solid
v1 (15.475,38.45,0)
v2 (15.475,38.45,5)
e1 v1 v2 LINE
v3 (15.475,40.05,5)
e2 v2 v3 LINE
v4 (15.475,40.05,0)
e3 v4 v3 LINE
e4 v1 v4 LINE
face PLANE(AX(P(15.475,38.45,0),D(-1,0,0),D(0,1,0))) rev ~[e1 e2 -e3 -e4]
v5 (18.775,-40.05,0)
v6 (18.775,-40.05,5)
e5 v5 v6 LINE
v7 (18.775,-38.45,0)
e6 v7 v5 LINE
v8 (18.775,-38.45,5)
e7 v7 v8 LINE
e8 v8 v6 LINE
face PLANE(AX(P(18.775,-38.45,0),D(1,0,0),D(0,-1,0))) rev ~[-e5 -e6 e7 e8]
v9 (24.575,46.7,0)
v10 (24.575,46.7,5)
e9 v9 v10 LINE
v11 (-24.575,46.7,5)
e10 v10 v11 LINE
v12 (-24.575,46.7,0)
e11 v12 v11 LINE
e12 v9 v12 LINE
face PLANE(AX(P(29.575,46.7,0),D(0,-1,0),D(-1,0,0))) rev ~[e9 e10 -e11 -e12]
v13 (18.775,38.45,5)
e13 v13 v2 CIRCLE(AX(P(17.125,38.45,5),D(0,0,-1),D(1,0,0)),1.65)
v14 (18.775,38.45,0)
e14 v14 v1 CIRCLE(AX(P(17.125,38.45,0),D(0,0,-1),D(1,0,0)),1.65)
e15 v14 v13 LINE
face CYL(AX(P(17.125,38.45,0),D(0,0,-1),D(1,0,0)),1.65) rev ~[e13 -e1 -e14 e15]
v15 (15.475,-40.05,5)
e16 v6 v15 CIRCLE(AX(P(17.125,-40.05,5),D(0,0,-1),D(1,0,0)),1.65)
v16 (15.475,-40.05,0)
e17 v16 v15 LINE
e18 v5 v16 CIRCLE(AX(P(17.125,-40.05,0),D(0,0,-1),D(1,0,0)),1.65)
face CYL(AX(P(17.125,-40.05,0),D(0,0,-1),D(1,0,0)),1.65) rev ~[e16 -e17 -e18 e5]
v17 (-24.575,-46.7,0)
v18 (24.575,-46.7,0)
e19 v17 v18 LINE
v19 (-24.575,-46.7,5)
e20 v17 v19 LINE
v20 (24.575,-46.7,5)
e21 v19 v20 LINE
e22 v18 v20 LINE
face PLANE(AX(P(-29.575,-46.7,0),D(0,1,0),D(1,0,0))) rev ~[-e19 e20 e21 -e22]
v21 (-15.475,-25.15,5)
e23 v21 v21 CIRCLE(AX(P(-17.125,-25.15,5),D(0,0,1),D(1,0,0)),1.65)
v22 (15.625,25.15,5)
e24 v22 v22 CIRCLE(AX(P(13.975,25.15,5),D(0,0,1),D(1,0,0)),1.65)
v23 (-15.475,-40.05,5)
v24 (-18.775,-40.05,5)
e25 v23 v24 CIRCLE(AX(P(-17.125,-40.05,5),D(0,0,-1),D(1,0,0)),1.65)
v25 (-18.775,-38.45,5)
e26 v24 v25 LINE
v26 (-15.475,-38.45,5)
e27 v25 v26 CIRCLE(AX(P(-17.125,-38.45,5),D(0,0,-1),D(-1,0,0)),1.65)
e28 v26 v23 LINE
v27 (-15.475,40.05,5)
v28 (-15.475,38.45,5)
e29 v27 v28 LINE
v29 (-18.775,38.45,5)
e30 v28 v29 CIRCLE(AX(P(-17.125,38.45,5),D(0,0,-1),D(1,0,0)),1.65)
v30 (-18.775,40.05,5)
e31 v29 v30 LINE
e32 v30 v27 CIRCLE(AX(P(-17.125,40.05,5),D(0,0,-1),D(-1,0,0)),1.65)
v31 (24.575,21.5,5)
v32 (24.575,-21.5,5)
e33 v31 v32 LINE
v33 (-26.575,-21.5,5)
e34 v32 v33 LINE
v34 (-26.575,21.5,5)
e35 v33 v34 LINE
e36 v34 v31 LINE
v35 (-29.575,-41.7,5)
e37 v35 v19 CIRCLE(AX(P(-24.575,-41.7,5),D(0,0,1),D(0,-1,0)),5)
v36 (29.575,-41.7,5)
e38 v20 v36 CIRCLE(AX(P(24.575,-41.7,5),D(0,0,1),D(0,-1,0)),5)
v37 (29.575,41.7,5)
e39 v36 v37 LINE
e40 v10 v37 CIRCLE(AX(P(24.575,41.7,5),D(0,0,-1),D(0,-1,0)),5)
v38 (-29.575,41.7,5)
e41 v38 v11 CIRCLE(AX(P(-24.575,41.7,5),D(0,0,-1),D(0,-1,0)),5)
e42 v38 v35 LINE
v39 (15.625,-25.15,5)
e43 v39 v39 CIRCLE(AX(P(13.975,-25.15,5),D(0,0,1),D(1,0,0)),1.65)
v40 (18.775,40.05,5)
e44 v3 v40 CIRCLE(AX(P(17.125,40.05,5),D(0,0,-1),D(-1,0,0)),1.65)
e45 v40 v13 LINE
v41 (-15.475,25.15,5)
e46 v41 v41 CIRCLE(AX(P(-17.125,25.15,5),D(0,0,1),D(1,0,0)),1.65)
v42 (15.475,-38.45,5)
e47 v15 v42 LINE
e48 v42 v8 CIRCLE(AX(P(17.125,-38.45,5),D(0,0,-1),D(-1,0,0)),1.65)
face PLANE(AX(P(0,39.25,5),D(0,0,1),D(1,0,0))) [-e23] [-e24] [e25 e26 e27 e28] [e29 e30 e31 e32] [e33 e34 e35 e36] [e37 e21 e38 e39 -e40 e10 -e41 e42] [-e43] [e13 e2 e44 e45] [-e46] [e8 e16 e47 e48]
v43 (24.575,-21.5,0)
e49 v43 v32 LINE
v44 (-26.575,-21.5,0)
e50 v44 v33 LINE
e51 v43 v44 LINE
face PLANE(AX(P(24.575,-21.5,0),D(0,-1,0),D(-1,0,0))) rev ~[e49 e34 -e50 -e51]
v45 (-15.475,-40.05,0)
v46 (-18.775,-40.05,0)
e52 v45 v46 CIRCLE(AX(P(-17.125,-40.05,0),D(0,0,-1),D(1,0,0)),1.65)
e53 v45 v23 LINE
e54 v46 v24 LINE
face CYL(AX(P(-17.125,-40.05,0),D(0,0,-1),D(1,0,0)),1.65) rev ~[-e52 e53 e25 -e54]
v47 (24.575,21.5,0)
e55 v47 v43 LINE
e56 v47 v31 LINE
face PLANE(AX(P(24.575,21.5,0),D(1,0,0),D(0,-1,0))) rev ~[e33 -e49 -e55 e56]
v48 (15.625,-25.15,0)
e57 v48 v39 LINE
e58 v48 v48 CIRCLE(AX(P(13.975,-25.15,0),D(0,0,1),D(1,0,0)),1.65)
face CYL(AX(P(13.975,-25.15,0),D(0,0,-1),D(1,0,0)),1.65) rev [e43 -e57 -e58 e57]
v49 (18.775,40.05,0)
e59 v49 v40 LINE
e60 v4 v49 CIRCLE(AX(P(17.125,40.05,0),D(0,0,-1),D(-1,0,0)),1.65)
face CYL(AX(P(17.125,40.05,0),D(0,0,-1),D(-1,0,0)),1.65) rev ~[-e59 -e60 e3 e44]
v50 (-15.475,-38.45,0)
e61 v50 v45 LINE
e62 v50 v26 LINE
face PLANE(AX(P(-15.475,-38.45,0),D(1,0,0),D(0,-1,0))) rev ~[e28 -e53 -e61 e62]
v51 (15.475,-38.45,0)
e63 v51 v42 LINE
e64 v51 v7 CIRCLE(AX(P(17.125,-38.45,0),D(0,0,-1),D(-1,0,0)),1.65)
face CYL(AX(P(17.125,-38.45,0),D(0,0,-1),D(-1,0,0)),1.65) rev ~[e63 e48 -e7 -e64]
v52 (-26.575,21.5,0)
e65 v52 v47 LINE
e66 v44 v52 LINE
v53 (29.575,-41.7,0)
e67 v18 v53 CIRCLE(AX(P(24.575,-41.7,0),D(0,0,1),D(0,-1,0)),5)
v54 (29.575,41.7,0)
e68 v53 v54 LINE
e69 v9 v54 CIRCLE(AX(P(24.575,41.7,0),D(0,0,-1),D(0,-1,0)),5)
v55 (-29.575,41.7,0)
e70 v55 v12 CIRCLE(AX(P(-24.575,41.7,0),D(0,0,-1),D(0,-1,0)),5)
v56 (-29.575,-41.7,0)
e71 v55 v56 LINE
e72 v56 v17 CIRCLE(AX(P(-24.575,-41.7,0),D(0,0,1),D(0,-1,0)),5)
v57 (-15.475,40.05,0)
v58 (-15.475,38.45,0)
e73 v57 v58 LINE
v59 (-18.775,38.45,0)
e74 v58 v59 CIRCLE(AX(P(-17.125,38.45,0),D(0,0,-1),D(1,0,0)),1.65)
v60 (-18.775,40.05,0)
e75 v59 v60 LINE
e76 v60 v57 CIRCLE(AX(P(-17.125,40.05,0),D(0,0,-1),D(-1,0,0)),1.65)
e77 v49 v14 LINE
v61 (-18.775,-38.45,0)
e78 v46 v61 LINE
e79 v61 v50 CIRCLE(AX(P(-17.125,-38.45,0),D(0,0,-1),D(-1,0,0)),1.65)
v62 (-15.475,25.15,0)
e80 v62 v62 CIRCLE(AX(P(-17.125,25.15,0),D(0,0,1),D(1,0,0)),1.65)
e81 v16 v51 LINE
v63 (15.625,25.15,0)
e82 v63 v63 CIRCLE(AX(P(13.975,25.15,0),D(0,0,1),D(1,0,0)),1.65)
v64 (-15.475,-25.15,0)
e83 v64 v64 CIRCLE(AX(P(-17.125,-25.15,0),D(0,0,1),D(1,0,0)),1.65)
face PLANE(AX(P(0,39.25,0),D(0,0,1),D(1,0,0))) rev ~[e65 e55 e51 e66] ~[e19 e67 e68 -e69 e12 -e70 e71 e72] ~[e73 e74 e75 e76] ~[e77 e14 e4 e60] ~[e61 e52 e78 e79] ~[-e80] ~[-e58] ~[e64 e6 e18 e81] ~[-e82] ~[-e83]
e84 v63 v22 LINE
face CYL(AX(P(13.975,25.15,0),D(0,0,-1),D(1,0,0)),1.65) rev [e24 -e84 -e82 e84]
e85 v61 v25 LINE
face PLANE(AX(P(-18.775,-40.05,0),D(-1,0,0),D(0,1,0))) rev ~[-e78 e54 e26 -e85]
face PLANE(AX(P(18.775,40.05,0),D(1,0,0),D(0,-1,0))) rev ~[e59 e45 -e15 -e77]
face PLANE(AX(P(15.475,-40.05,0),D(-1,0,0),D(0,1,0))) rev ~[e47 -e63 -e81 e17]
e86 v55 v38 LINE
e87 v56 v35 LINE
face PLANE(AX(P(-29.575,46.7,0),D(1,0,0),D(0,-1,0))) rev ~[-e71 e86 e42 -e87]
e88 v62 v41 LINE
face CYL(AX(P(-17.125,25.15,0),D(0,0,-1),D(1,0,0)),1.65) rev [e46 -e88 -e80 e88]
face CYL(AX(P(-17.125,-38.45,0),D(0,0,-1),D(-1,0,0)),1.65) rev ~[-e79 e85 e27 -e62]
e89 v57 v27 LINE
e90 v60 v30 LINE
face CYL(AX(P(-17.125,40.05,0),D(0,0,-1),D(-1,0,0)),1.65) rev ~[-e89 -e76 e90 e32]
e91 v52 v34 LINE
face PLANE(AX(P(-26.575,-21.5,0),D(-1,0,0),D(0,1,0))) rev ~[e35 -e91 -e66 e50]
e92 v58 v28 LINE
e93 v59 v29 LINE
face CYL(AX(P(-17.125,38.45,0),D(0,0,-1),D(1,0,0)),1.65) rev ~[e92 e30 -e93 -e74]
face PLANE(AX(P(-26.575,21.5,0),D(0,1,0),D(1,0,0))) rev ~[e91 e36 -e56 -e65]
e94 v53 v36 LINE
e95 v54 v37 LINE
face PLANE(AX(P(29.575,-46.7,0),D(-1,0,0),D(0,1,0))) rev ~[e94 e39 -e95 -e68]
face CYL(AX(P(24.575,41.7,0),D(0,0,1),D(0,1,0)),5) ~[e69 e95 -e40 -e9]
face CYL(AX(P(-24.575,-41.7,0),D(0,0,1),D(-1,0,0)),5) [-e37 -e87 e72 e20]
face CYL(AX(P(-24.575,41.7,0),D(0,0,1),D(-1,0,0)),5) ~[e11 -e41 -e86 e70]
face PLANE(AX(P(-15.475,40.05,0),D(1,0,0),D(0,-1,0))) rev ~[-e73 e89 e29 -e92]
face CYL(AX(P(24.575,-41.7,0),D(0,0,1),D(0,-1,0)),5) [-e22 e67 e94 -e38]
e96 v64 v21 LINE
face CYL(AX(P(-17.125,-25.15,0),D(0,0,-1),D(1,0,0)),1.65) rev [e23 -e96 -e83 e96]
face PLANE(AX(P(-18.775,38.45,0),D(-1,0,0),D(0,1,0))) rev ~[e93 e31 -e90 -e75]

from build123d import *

# Parameters (mm, degrees)
F0_W     = 49.15
F0_H     = 10.3
F0_R     = 1.65
F1_DEPTH = 5
F2_R     = 5


with BuildPart() as f1:
    # F0 (on Top) → F1 (new body)
    with BuildSketch(Plane.XY):
        Polygon((-29.575, 31.8), (-24.575, 31.8), (24.575, 31.8), (29.575, 31.8), (29.575, 46.7), (-29.575, 46.7), align=None)
        with BuildLine():
            ThreePointArc((-15.475, 38.45), (-17.125, 36.8), (-18.775, 38.45))
            Line((-18.775, 38.45), (-18.775, 40.05))
            ThreePointArc((-18.775, 40.05), (-17.125, 41.7), (-15.475, 40.05))
            Line((-15.475, 40.05), (-15.475, 38.45))
        make_face(mode=Mode.SUBTRACT)
        with BuildLine():
            ThreePointArc((18.775, 38.45), (17.125, 36.8), (15.475, 38.45))
            Line((15.475, 38.45), (15.475, 40.05))
            ThreePointArc((15.475, 40.05), (17.125, 41.7), (18.775, 40.05))
            Line((18.775, 40.05), (18.775, 38.45))
        make_face(mode=Mode.SUBTRACT)
        Polygon((29.575, 31.8), (24.575, 31.8), (24.575, 21.5), (24.575, -21.5), (24.575, -31.8), (29.575, -31.8), align=None)
        with Locations((0, 26.65)):
            Rectangle(F0_W, F0_H)
        with Locations((-17.125, 25.15)):
            Circle(F0_R, mode=Mode.SUBTRACT)
        with Locations((13.975, 25.15)):
            Circle(F0_R, mode=Mode.SUBTRACT)
        with Locations((0, -26.65)):
            Rectangle(F0_W, F0_H)
        with Locations((-17.125, -25.15)):
            Circle(F0_R, mode=Mode.SUBTRACT)
        with Locations((13.975, -25.15)):
            Circle(F0_R, mode=Mode.SUBTRACT)
        Polygon((-24.575, 21.5), (-24.575, 31.8), (-29.575, 31.8), (-29.575, -31.8), (-24.575, -31.8), (-24.575, -21.5), (-26.575, -21.5), (-26.575, 21.5), align=None)
        Polygon((-24.575, -31.8), (-29.575, -31.8), (-29.575, -46.7), (29.575, -46.7), (29.575, -31.8), (24.575, -31.8), align=None)
        with BuildLine():
            ThreePointArc((-18.775, -38.45), (-17.125, -36.8), (-15.475, -38.45))
            Line((-15.475, -38.45), (-15.475, -40.05))
            ThreePointArc((-15.475, -40.05), (-17.125, -41.7), (-18.775, -40.05))
            Line((-18.775, -40.05), (-18.775, -38.45))
        make_face(mode=Mode.SUBTRACT)
        with BuildLine():
            ThreePointArc((18.775, -40.05), (17.125, -41.7), (15.475, -40.05))
            Line((15.475, -40.05), (15.475, -38.45))
            ThreePointArc((15.475, -38.45), (17.125, -36.8), (18.775, -38.45))
            Line((18.775, -38.45), (18.775, -40.05))
        make_face(mode=Mode.SUBTRACT)
    extrude(amount=F1_DEPTH)

    # F2
    f2_edges = [f1.edges().sort_by_distance(p)[0] for p in [
        (29.575, 46.7, 2.5),
        (-29.575, 46.7, 2.5),
        (-29.575, -46.7, 2.5),
        (29.575, -46.7, 2.5),
    ]]
    fillet(f2_edges, radius=F2_R)


solid = f1.part
